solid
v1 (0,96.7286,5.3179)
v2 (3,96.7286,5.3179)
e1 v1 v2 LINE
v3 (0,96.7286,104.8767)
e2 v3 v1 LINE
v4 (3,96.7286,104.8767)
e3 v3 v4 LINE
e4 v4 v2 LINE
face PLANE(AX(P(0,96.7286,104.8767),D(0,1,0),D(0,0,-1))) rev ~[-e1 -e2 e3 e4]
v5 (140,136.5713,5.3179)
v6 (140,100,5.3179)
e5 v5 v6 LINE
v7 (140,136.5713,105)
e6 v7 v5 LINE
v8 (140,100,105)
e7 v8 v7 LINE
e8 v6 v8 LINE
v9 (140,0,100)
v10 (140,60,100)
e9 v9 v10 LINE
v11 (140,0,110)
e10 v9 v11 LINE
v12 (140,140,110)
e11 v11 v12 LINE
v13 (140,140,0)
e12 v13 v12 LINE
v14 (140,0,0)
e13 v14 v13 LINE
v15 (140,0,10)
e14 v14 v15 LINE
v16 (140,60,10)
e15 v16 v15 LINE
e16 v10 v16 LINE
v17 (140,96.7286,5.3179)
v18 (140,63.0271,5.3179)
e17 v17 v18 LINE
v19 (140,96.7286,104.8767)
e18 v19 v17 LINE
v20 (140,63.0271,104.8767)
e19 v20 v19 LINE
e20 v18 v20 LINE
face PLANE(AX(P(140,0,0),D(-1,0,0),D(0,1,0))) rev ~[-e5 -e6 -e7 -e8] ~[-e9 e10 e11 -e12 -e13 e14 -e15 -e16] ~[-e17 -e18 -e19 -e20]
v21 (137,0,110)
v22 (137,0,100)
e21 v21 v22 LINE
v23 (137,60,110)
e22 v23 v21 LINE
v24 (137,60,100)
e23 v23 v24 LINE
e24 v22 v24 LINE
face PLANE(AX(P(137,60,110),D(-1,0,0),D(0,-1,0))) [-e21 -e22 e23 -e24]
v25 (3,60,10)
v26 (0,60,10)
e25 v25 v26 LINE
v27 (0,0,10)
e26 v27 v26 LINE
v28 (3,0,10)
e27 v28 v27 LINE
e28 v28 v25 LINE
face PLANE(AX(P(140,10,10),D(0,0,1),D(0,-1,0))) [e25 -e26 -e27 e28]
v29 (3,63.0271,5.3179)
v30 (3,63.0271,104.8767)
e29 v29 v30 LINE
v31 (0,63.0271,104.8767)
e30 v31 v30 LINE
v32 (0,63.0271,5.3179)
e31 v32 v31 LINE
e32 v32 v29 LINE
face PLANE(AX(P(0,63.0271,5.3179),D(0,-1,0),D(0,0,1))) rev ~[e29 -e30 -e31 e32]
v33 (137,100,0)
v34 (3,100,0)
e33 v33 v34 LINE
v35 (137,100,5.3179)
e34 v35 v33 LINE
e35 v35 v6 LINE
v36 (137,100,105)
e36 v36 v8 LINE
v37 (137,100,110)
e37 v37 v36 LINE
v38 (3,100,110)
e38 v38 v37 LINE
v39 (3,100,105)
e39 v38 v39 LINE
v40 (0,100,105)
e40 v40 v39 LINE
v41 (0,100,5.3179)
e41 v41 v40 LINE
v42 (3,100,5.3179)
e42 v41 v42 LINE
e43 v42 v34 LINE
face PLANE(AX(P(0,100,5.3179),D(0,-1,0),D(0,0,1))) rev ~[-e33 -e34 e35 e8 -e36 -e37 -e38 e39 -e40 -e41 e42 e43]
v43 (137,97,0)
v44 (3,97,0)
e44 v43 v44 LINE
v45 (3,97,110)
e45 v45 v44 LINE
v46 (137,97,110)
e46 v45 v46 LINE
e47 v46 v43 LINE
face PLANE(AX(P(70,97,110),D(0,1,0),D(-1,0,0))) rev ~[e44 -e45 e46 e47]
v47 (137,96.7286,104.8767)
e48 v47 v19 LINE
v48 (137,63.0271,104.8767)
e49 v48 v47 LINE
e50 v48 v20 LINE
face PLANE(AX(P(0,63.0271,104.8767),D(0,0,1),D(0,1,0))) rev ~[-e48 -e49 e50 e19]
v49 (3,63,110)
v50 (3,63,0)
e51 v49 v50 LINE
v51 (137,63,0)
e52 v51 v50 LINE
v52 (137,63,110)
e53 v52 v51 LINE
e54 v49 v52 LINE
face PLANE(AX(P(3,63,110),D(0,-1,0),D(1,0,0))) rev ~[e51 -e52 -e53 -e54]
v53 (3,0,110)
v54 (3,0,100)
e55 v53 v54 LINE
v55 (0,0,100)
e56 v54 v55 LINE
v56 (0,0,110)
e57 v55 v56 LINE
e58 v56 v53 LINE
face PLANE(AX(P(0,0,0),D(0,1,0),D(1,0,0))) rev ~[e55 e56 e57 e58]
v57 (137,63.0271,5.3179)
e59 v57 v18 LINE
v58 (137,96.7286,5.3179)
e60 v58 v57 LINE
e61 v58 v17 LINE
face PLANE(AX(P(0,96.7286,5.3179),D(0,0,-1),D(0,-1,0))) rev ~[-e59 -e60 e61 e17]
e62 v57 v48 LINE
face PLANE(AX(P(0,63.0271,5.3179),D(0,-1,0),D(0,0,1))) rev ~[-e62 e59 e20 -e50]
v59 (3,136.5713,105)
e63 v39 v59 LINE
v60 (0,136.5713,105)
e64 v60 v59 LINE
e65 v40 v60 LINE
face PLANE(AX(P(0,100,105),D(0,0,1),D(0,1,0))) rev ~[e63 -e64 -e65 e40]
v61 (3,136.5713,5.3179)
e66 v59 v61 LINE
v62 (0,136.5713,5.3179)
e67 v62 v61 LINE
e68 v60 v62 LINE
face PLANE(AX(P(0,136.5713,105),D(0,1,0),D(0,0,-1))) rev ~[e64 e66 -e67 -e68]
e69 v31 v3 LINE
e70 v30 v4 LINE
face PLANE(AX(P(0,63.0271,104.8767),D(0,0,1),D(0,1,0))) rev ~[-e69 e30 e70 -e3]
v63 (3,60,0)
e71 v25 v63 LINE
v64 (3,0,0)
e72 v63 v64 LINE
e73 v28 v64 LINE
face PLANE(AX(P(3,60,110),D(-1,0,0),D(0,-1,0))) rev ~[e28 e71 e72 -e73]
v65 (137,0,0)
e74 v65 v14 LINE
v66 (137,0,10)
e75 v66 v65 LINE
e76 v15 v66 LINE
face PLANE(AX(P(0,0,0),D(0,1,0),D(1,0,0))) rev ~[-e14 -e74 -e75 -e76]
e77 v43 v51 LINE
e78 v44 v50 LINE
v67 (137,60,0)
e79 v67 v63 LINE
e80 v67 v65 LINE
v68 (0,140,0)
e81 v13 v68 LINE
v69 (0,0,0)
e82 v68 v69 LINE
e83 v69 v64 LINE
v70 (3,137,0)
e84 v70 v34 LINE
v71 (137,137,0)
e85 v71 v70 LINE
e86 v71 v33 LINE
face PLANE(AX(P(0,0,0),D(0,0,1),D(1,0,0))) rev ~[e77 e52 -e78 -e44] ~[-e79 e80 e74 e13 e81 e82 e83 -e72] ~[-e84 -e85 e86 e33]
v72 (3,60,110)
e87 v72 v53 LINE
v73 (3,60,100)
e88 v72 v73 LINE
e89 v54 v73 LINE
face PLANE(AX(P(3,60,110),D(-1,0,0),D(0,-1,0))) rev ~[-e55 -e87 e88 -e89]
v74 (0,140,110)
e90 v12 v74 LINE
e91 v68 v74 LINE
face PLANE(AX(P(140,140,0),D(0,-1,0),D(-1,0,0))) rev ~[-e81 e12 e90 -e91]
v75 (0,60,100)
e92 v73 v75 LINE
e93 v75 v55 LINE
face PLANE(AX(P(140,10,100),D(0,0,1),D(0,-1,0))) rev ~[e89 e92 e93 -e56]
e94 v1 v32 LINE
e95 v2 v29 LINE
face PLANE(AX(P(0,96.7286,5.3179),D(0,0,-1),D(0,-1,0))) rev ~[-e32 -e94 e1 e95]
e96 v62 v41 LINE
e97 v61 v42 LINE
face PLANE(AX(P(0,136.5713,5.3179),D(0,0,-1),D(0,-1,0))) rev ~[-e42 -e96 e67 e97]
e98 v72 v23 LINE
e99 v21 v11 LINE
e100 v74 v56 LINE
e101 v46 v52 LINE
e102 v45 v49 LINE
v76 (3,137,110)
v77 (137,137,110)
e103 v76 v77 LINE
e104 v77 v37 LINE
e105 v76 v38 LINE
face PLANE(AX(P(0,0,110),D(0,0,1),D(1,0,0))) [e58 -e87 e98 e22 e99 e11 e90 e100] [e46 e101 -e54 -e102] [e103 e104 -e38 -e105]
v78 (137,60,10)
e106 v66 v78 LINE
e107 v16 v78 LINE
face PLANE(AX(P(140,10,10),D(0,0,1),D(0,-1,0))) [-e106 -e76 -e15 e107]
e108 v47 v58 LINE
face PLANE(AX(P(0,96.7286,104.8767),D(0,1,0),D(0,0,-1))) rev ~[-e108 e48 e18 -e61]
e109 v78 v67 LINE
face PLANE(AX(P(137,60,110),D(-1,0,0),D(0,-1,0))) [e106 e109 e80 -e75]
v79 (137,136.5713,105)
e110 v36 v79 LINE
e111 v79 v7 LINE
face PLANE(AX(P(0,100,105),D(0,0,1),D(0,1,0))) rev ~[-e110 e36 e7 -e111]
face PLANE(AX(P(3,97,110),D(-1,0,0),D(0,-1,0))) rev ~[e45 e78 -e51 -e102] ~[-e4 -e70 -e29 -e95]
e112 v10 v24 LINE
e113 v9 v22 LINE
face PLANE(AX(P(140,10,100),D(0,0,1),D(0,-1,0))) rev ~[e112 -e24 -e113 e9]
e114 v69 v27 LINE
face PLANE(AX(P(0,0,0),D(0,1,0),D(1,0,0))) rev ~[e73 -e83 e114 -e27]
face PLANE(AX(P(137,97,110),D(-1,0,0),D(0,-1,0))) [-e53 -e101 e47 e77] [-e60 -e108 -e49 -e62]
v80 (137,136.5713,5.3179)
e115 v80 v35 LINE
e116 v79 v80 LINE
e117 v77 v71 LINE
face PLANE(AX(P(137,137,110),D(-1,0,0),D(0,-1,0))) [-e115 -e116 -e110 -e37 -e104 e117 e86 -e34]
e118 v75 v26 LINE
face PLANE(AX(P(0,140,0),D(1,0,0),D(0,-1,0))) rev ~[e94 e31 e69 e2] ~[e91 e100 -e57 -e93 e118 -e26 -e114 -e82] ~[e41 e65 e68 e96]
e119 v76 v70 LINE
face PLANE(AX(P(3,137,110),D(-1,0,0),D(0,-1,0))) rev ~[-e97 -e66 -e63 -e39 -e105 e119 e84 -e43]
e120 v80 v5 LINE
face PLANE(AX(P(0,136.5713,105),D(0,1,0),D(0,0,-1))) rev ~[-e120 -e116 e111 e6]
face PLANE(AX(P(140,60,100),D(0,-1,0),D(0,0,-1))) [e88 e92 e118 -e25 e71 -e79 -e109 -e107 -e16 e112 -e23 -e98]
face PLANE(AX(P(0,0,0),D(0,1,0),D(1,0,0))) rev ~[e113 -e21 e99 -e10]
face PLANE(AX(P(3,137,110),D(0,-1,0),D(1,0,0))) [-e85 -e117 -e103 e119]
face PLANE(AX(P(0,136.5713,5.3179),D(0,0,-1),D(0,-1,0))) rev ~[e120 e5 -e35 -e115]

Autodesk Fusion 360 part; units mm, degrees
sketch "Sketch1" plane through (0, 0, 0) normal (0, 0, 1) x (1, 0, 0)
  line L0 (0, 0) -> (140, 0)
  line L1 (140, 0) -> (140, 140)
  line L2 (140, 140) -> (0, 140)
  line L3 (0, 140) -> (0, 0)
  dimension "d1" = 140
  dimension "d2" = 140
extrude "Extrude1" add sketch "Sketch1" along normal blind 110
sketch "Sketch2" plane through (0, 0, 110) normal (0, 0, 1) x (-1, 0, 0)
  line L0 (0, -140) -> (0, 0)
  line L1 (0, 0) -> (-140, 0)
  line L2 (-140, 0) -> (-140, -140)
  line L3 (-140, -140) -> (0, -140)
  line L4 (0, -140) -> (-3, -140)
  line L5 (-3, -140) -> (-3, -137)
  line L6 (-3, -137) -> (0, -137)
  line L7 (0, -137) -> (0, -140)
  line L8 (-70, -140) -> (-70, 0)
  line L9 (0, -100) -> (-140, -100)
  line L10 (0, -60) -> (-140, -60)
  line L11 (-137, -137) -> (-140, -137)
  line L12 (-137, -140) -> (-137, -137)
  line L13 (-3, -63) -> (0, -63)
  line L14 (-3, -60) -> (-3, -63)
  line L15 (-137, -60) -> (-137, -63)
  line L16 (-137, -63) -> (-140, -63)
  line L17 (0, -100) -> (-3, -100)
  line L18 (-3, -100) -> (-3, -97)
  line L19 (-3, -97) -> (0, -97)
  line L20 (0, -97) -> (0, -100)
  line L21 (0, -100) -> (-140, -100)
  line L22 (-140, -100) -> (-140, -97)
  line L23 (-140, -97) -> (0, -97)
  line L24 (0, -97) -> (0, -100)
  line L25 (-140, -60) -> (0, -60)
  line L26 (0, -60) -> (0, -63)
  line L27 (0, -63) -> (-140, -63)
  line L28 (-140, -63) -> (-140, -60)
  line L29 (-140, -140) -> (0, -140)
  line L30 (0, -140) -> (0, -137)
  line L31 (0, -137) -> (-140, -137)
  line L32 (-140, -137) -> (-140, -140)
  line L33 (0, -140) -> (-3, -140)
  line L34 (-3, -140) -> (-3, 0)
  line L35 (-3, 0) -> (0, 0)
  line L36 (0, 0) -> (0, -140)
  line L37 (-140, -140) -> (-137, -140)
  line L38 (-137, -140) -> (-137, 0)
  line L39 (-137, 0) -> (-140, 0)
  line L40 (-140, 0) -> (-140, -140)
  dimension "d5" = 3
  dimension "d6" = 3
  dimension "d7" = 3
  dimension "d8" = 3
extrude "Extrude2" cut sketch "Sketch2" against normal blind 110 contours L8 L9 L21 L31 L34 | L8 L9 L21 L31 L38 | L8 L23 L27 L34 | L8 L23 L27 L38 | L1 L8 L10 L25 L34 | L1 L8 L10 L25 L38
sketch "Sketch3" plane through (140, 0, 0) normal (1, 0, 0) x (0, 1, 0)
  line L0 (0, 0) -> (140, 0)
  line L1 (140, 0) -> (140, 110)
  line L2 (140, 110) -> (0, 110)
  line L3 (0, 110) -> (0, 0)
  line L4 (0, 110) -> (10, 110)
  line L5 (10, 110) -> (10, 100)
  line L6 (10, 100) -> (0, 100)
  line L7 (0, 100) -> (0, 110)
  line L8 (0, 0) -> (10, 0)
  line L9 (10, 0) -> (10, 10)
  line L10 (10, 10) -> (0, 10)
  line L11 (0, 10) -> (0, 0)
  line L12 (60, 110) -> (50, 110)
  line L13 (50, 110) -> (50, 100)
  line L14 (50, 100) -> (60, 100)
  line L15 (60, 100) -> (60, 110)
  line L16 (60, 0) -> (50, 0)
  line L17 (50, 0) -> (50, 10)
  line L18 (50, 10) -> (60, 10)
  line L19 (60, 10) -> (60, 0)
  line L20 (50, 10) -> (10, 10)
  line L21 (10, 10) -> (10, 100)
  line L22 (10, 100) -> (50, 100)
  line L23 (50, 100) -> (50, 10)
  line L24 (60, 100) -> (60, 10)
extrude "Extrude3" cut sketch "Sketch3" against normal blind 140 contours L3 L6 L10 L21 | L20 L21 L22 L23 | L14 L18 L23 L24
sketch "Sketch5" plane through (0, 0, 0) normal (-1, 0, 0) x (0, -1, 0)
  line L0 (0, 10) -> (-60, 10)
  line L1 (-60, 10) -> (-60, 100)
  line L2 (-60, 100) -> (0, 100)
  line L3 (0, 100) -> (0, 110)
  line L4 (0, 110) -> (-140, 110)
  line L5 (-140, 110) -> (-140, 0)
  line L6 (-140, 0) -> (0, 0)
  line L7 (0, 0) -> (0, 10)
  line L8 (-136.5713, 0) -> (-100, 0)
  line L9 (-100, 0) -> (-100, 110)
  line L10 (-100, 110) -> (-136.5713, 110)
  line L11 (-136.5713, 110) -> (-136.5713, 0)
  line L12 (-136.5713, 5.3179) -> (-100, 5.3179)
  line L13 (-100, 5.3179) -> (-100, 105)
  line L14 (-100, 105) -> (-136.5713, 105)
  line L15 (-136.5713, 105) -> (-136.5713, 5.3179)
  line L16 (-96.7286, 0) -> (-63.0271, 0)
  line L17 (-63.0271, 0) -> (-63.0271, 110)
  line L18 (-63.0271, 110) -> (-96.7286, 110)
  line L19 (-96.7286, 110) -> (-96.7286, 0)
  line L20 (-96.7286, 5.3179) -> (-63.0271, 5.3179)
  line L21 (-63.0271, 5.3179) -> (-63.0271, 104.8767)
  line L22 (-63.0271, 104.8767) -> (-96.7286, 104.8767)
  line L23 (-96.7286, 104.8767) -> (-96.7286, 5.3179)
extrude "Extrude4" cut sketch "Sketch5" against normal blind 140 contours L17 L19 L20 L21 L22 L23 | L9 L11 L12 L13 L14 L15
